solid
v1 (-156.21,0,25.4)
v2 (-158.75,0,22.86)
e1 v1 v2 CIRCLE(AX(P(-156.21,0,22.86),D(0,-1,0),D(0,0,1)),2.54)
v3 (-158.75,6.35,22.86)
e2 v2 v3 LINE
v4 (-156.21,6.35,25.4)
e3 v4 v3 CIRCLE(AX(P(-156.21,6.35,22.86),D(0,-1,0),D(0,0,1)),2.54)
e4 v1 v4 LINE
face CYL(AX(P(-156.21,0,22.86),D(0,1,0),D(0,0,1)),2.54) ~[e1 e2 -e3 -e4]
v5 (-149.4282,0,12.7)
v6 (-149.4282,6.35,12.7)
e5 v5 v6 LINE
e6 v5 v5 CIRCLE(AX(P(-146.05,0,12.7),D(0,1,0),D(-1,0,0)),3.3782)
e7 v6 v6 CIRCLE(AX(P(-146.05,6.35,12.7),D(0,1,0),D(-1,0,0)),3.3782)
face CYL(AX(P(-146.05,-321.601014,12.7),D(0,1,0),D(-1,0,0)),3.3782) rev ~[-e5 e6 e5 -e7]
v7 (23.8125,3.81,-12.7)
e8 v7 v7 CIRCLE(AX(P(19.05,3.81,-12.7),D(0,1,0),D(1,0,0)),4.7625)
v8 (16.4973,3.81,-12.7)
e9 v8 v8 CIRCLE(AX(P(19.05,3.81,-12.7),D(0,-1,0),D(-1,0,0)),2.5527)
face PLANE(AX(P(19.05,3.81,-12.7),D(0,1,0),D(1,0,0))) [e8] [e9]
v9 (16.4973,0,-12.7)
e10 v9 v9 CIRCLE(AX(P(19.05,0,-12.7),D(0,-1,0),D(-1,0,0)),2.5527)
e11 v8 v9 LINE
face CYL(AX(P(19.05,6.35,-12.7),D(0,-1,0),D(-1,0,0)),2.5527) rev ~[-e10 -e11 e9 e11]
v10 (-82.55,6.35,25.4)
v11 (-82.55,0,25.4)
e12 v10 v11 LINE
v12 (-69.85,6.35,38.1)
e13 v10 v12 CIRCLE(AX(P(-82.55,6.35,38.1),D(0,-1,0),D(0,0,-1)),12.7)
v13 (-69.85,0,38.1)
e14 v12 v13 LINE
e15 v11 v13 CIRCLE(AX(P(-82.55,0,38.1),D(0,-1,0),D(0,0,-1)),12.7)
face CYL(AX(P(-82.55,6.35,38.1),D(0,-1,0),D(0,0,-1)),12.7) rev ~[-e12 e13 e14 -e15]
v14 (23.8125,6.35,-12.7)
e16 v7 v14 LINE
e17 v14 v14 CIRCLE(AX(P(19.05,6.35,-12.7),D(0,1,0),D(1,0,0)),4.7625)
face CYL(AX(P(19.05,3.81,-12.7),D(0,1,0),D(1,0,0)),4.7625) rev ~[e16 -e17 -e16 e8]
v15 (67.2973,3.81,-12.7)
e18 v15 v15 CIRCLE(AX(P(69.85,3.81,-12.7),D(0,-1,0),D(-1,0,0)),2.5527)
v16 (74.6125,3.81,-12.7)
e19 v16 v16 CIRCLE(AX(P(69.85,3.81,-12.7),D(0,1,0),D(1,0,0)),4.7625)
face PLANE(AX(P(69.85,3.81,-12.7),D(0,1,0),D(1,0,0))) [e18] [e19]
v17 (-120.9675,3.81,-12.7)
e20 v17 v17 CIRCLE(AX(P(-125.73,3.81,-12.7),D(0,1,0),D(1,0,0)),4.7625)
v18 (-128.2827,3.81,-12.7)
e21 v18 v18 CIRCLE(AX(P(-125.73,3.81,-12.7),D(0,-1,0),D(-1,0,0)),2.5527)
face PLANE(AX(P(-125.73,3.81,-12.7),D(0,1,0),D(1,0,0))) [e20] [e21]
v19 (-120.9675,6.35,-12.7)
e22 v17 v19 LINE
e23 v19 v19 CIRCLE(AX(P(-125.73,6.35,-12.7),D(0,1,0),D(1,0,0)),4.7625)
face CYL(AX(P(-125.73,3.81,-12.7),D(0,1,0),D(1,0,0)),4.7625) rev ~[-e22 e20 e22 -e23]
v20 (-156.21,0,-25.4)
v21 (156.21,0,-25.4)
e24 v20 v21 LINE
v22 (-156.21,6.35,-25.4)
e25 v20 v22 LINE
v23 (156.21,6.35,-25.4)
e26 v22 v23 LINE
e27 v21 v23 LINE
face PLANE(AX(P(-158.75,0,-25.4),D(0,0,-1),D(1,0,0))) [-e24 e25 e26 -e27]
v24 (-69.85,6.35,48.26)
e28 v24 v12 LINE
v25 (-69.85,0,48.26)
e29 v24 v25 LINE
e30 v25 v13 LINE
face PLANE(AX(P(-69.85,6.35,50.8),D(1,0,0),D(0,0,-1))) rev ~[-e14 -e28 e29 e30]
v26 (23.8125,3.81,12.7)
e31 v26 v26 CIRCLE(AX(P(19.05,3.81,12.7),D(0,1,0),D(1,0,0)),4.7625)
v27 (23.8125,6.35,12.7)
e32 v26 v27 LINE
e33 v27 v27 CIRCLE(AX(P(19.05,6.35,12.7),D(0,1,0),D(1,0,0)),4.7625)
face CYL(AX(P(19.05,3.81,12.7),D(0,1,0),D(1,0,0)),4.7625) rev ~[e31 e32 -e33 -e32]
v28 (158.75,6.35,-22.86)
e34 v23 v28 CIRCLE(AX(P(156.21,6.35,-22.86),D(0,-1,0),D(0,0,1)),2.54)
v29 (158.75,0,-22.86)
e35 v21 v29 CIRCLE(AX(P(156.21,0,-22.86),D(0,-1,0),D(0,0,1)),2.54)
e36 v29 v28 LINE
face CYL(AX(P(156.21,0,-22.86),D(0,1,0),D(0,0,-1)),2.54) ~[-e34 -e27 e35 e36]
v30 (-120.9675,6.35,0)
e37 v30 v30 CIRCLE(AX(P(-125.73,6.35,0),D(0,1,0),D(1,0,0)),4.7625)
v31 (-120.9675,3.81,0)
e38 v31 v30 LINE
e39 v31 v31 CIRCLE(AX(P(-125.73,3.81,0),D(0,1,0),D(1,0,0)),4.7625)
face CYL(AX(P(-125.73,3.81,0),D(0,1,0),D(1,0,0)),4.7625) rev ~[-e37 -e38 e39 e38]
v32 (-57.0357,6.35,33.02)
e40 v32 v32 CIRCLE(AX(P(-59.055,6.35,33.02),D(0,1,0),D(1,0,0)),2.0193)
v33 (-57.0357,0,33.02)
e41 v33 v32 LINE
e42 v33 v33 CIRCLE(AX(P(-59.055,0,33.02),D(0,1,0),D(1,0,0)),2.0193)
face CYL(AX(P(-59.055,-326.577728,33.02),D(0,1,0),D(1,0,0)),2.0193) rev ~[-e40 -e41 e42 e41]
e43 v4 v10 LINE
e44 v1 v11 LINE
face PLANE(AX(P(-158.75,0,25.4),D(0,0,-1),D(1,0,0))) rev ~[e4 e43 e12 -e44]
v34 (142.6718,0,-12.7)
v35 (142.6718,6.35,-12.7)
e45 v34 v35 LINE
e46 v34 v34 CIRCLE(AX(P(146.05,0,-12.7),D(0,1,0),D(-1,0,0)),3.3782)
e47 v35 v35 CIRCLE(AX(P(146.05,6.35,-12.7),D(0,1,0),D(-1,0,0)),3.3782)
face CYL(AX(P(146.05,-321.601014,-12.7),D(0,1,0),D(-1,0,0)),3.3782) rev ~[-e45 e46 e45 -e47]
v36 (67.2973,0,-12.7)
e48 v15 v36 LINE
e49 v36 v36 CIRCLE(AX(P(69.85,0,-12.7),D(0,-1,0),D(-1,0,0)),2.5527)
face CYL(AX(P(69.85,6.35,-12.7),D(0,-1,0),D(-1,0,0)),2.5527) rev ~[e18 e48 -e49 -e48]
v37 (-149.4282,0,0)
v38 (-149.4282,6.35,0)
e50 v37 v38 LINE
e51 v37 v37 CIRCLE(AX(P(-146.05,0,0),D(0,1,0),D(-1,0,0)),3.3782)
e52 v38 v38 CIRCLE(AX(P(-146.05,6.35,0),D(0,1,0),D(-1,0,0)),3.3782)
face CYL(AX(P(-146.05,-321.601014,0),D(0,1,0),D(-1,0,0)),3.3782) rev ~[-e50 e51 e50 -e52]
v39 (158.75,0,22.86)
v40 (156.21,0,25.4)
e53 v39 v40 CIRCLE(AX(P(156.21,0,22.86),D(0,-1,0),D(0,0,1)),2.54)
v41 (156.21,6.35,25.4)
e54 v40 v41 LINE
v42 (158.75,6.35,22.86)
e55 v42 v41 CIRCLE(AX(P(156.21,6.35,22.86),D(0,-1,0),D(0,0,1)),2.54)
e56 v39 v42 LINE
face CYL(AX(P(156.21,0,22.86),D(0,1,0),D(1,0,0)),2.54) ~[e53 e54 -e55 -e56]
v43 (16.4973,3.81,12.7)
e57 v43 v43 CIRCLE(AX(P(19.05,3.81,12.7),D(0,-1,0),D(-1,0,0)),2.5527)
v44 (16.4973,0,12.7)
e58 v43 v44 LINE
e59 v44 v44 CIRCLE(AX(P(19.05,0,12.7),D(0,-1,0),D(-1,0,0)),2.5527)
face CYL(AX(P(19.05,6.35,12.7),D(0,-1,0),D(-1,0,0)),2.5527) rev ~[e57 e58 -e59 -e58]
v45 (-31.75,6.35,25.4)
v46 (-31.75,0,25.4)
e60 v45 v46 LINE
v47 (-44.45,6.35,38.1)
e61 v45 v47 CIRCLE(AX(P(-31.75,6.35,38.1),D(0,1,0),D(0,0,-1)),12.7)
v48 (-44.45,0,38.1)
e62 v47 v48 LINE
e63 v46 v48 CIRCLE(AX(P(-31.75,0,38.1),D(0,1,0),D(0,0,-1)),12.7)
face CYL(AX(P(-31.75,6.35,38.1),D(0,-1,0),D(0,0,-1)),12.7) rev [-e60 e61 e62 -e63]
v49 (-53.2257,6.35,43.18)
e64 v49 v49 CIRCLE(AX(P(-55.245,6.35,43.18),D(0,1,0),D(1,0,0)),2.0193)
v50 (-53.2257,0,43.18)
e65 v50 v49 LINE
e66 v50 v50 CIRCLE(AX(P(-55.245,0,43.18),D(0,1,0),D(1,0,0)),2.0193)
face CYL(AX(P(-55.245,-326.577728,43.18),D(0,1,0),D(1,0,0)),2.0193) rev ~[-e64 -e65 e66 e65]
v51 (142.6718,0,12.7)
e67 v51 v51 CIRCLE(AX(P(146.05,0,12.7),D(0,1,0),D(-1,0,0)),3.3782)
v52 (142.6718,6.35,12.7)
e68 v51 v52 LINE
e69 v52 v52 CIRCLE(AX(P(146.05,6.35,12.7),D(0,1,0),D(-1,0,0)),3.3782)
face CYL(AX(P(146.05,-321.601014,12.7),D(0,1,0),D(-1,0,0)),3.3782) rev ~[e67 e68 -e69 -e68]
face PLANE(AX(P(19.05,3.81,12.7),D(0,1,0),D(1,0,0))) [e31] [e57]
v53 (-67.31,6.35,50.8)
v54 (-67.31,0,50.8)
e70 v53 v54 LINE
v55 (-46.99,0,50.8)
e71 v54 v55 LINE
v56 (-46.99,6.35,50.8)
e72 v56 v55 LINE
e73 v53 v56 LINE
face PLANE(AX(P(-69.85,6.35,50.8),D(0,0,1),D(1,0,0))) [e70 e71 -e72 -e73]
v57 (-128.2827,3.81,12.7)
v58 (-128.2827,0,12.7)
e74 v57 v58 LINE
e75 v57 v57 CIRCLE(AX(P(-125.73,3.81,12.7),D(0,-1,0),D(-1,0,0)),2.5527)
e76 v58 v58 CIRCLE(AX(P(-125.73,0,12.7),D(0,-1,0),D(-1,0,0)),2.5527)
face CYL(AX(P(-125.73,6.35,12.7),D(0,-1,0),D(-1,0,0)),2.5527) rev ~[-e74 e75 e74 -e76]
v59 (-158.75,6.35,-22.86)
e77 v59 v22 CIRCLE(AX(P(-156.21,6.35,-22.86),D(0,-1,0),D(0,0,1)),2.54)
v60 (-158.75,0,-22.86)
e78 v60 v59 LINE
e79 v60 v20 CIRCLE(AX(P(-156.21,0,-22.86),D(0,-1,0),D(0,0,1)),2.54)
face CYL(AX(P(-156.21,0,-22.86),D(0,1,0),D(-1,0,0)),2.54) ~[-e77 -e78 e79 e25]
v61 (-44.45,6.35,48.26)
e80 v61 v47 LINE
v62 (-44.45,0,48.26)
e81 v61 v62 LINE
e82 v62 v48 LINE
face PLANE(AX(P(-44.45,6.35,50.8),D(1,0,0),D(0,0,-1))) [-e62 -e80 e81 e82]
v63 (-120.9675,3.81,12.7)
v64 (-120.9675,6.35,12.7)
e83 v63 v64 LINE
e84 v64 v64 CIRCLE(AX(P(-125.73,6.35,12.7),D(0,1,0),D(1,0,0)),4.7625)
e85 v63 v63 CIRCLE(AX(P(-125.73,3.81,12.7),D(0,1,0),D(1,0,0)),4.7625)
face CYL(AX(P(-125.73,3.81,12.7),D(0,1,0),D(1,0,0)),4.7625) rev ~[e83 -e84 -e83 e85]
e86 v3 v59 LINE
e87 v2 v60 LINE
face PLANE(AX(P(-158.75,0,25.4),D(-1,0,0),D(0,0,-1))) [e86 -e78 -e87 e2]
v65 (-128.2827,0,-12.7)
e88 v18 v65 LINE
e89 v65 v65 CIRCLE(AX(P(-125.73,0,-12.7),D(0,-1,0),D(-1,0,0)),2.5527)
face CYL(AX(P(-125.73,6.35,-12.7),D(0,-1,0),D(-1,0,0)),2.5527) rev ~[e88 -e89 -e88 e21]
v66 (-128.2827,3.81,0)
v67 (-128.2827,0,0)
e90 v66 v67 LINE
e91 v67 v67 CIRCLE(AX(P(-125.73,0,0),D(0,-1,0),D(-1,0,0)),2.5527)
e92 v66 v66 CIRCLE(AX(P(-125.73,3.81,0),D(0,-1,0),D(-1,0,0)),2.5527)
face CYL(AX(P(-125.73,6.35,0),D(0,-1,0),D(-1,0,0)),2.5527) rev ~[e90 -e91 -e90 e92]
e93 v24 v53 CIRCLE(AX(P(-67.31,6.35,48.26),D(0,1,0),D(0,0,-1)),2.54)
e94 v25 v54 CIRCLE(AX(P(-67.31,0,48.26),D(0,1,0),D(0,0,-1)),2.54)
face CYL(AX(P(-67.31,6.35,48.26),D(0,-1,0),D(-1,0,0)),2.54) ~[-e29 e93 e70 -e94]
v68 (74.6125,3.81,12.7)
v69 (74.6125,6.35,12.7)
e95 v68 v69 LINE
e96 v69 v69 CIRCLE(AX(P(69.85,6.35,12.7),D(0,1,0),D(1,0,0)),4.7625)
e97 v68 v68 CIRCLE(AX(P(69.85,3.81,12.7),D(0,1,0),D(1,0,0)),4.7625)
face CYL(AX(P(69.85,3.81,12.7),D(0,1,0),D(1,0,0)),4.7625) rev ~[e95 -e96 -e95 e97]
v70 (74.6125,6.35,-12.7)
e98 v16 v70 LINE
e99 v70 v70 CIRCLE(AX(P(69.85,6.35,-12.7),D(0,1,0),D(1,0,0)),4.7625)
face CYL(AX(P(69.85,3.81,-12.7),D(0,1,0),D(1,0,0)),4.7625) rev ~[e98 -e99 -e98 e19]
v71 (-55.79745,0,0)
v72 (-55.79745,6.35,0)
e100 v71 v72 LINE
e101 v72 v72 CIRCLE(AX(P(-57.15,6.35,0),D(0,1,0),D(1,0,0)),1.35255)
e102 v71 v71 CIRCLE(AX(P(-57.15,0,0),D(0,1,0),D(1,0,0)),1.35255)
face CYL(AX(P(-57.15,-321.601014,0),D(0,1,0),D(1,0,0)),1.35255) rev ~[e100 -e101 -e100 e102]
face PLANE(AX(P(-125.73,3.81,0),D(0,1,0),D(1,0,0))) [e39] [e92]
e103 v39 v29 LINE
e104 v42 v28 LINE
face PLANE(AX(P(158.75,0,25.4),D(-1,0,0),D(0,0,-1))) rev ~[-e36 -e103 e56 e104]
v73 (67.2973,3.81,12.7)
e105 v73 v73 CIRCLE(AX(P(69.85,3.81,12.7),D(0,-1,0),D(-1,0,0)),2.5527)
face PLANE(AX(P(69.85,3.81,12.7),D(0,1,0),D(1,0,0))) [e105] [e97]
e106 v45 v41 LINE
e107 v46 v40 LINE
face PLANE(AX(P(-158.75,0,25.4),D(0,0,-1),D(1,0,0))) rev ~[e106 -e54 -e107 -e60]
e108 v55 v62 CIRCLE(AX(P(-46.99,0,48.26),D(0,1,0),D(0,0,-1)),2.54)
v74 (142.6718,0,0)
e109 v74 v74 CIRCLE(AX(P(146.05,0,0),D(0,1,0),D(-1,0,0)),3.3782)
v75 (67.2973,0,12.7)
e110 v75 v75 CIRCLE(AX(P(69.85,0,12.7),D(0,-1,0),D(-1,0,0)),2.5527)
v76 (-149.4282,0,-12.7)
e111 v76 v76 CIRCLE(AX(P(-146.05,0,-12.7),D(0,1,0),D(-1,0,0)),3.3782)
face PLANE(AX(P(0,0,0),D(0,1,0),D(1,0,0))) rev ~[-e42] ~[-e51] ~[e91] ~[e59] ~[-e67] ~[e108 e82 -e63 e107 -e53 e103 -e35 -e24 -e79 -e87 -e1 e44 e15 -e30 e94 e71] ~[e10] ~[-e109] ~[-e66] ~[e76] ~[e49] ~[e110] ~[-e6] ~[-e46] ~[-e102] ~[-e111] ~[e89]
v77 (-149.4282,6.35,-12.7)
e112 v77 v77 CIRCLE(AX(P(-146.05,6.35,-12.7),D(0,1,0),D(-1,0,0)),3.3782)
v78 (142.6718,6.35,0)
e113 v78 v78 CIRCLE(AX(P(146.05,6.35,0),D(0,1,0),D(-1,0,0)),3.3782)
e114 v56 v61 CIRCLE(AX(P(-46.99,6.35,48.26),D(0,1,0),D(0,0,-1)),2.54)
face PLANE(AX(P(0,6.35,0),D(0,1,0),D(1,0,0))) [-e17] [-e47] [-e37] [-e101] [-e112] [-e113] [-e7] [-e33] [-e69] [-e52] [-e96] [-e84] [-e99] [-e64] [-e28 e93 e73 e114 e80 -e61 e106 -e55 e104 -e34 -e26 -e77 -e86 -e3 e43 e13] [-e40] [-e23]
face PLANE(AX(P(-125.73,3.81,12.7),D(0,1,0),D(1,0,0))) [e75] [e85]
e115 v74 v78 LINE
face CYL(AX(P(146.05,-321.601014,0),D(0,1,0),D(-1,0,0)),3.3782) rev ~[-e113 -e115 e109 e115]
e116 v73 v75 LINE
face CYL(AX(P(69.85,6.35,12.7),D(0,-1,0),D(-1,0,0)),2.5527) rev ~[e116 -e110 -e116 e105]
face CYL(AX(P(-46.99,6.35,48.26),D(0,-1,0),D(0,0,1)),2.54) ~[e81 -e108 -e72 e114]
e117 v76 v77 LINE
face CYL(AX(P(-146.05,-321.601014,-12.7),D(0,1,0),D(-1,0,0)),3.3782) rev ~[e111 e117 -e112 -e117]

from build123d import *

# Parameters (mm, degrees)
SKETCH1_W                                       = 317.5
SKETCH1_H                                       = 50.8
BOSS_EXTRUDE1_DEPTH                             = 6.35
CBORE_FOR_10_SOCKET_HEAD_CAP_SCREW1_D           = 5.1054
CBORE_FOR_10_SOCKET_HEAD_CAP_SCREW1_CBORE_D     = 9.525
CBORE_FOR_10_SOCKET_HEAD_CAP_SCREW1_CBORE_DEPTH = 2.54
F_1_4_CLEARANCE_HOLE2_D                         = 6.7564
F_6_32_TAPPED_HOLE1_D                           = 2.7051
SKETCH12_W                                      = 25.4
SKETCH12_H                                      = 25.4
BOSS_EXTRUDE3_DEPTH                             = 6.35
F_10_32_TAPPED_HOLE1_D                          = 4.0386
FILLET1_R                                       = 12.7
FILLET2_R                                       = 2.54


with BuildPart() as part:
    # Sketch1 → Boss-Extrude1 (new body)
    with BuildSketch(Plane(origin=(0, 0, 0), x_dir=(1, 0, 0), z_dir=(0, 1, 0))):
        Rectangle(SKETCH1_W, SKETCH1_H)
    extrude(amount=BOSS_EXTRUDE1_DEPTH)

    # CBORE for #10 Socket Head Cap Screw1 (through all)
    with Locations(Plane(origin=(0, 6.35, 0), x_dir=(1, 0, 0), z_dir=(0, 1, 0))):
        with Locations((-125.73, -12.7), (19.05, 12.7), (69.85, 12.7), (19.05, -12.7), (69.85, -12.7), (-125.73, 12.7), (-125.73, 0)):
            CounterBoreHole(CBORE_FOR_10_SOCKET_HEAD_CAP_SCREW1_D / 2, CBORE_FOR_10_SOCKET_HEAD_CAP_SCREW1_CBORE_D / 2, CBORE_FOR_10_SOCKET_HEAD_CAP_SCREW1_CBORE_DEPTH)

    # 1/4 Clearance Hole2 (through all)
    with Locations(Plane.XZ):
        with Locations((-146.05, 12.7), (-146.05, 0), (-146.05, -12.7), (146.05, 12.7), (146.05, 0), (146.05, -12.7)):
            Hole(F_1_4_CLEARANCE_HOLE2_D / 2)

    # #6-32 Tapped Hole1 (through all)
    with Locations(Plane(origin=(0, 0, 0), x_dir=(-1, 0, 0), z_dir=(0, -1, 0))):
        with Locations((57.15, 0)):
            Hole(F_6_32_TAPPED_HOLE1_D / 2)

    # Sketch12 → Boss-Extrude3 (add)
    with BuildSketch(Plane(origin=(0, 6.35, 0), x_dir=(1, 0, 0), z_dir=(0, 1, 0))):
        with Locations((-57.15, -38.1)):
            Rectangle(SKETCH12_W, SKETCH12_H)
    extrude(amount=-BOSS_EXTRUDE3_DEPTH)

    # #10-32 Tapped Hole1 (through all)
    with Locations(Plane(origin=(0, 0, 0), x_dir=(-1, 0, 0), z_dir=(0, -1, 0))):
        with Locations((55.245, -43.18), (59.055, -33.02)):
            Hole(F_10_32_TAPPED_HOLE1_D / 2)

    # Fillet1
    fillet1_edges = [part.edges().sort_by_distance(p)[0] for p in [
        (-44.45, 3.175, 25.4),
        (-69.85, 3.175, 25.4),
    ]]
    fillet(fillet1_edges, radius=FILLET1_R)

    # Fillet2
    fillet2_edges = [part.edges().sort_by_distance(p)[0] for p in [
        (-44.45, 3.175, 50.8),
        (-69.85, 3.175, 50.8),
        (158.75, 3.175, 25.4),
        (-158.75, 3.175, 25.4),
        (-158.75, 3.175, -25.4),
        (158.75, 3.175, -25.4),
    ]]
    fillet(fillet2_edges, radius=FILLET2_R)


solid = part.part
